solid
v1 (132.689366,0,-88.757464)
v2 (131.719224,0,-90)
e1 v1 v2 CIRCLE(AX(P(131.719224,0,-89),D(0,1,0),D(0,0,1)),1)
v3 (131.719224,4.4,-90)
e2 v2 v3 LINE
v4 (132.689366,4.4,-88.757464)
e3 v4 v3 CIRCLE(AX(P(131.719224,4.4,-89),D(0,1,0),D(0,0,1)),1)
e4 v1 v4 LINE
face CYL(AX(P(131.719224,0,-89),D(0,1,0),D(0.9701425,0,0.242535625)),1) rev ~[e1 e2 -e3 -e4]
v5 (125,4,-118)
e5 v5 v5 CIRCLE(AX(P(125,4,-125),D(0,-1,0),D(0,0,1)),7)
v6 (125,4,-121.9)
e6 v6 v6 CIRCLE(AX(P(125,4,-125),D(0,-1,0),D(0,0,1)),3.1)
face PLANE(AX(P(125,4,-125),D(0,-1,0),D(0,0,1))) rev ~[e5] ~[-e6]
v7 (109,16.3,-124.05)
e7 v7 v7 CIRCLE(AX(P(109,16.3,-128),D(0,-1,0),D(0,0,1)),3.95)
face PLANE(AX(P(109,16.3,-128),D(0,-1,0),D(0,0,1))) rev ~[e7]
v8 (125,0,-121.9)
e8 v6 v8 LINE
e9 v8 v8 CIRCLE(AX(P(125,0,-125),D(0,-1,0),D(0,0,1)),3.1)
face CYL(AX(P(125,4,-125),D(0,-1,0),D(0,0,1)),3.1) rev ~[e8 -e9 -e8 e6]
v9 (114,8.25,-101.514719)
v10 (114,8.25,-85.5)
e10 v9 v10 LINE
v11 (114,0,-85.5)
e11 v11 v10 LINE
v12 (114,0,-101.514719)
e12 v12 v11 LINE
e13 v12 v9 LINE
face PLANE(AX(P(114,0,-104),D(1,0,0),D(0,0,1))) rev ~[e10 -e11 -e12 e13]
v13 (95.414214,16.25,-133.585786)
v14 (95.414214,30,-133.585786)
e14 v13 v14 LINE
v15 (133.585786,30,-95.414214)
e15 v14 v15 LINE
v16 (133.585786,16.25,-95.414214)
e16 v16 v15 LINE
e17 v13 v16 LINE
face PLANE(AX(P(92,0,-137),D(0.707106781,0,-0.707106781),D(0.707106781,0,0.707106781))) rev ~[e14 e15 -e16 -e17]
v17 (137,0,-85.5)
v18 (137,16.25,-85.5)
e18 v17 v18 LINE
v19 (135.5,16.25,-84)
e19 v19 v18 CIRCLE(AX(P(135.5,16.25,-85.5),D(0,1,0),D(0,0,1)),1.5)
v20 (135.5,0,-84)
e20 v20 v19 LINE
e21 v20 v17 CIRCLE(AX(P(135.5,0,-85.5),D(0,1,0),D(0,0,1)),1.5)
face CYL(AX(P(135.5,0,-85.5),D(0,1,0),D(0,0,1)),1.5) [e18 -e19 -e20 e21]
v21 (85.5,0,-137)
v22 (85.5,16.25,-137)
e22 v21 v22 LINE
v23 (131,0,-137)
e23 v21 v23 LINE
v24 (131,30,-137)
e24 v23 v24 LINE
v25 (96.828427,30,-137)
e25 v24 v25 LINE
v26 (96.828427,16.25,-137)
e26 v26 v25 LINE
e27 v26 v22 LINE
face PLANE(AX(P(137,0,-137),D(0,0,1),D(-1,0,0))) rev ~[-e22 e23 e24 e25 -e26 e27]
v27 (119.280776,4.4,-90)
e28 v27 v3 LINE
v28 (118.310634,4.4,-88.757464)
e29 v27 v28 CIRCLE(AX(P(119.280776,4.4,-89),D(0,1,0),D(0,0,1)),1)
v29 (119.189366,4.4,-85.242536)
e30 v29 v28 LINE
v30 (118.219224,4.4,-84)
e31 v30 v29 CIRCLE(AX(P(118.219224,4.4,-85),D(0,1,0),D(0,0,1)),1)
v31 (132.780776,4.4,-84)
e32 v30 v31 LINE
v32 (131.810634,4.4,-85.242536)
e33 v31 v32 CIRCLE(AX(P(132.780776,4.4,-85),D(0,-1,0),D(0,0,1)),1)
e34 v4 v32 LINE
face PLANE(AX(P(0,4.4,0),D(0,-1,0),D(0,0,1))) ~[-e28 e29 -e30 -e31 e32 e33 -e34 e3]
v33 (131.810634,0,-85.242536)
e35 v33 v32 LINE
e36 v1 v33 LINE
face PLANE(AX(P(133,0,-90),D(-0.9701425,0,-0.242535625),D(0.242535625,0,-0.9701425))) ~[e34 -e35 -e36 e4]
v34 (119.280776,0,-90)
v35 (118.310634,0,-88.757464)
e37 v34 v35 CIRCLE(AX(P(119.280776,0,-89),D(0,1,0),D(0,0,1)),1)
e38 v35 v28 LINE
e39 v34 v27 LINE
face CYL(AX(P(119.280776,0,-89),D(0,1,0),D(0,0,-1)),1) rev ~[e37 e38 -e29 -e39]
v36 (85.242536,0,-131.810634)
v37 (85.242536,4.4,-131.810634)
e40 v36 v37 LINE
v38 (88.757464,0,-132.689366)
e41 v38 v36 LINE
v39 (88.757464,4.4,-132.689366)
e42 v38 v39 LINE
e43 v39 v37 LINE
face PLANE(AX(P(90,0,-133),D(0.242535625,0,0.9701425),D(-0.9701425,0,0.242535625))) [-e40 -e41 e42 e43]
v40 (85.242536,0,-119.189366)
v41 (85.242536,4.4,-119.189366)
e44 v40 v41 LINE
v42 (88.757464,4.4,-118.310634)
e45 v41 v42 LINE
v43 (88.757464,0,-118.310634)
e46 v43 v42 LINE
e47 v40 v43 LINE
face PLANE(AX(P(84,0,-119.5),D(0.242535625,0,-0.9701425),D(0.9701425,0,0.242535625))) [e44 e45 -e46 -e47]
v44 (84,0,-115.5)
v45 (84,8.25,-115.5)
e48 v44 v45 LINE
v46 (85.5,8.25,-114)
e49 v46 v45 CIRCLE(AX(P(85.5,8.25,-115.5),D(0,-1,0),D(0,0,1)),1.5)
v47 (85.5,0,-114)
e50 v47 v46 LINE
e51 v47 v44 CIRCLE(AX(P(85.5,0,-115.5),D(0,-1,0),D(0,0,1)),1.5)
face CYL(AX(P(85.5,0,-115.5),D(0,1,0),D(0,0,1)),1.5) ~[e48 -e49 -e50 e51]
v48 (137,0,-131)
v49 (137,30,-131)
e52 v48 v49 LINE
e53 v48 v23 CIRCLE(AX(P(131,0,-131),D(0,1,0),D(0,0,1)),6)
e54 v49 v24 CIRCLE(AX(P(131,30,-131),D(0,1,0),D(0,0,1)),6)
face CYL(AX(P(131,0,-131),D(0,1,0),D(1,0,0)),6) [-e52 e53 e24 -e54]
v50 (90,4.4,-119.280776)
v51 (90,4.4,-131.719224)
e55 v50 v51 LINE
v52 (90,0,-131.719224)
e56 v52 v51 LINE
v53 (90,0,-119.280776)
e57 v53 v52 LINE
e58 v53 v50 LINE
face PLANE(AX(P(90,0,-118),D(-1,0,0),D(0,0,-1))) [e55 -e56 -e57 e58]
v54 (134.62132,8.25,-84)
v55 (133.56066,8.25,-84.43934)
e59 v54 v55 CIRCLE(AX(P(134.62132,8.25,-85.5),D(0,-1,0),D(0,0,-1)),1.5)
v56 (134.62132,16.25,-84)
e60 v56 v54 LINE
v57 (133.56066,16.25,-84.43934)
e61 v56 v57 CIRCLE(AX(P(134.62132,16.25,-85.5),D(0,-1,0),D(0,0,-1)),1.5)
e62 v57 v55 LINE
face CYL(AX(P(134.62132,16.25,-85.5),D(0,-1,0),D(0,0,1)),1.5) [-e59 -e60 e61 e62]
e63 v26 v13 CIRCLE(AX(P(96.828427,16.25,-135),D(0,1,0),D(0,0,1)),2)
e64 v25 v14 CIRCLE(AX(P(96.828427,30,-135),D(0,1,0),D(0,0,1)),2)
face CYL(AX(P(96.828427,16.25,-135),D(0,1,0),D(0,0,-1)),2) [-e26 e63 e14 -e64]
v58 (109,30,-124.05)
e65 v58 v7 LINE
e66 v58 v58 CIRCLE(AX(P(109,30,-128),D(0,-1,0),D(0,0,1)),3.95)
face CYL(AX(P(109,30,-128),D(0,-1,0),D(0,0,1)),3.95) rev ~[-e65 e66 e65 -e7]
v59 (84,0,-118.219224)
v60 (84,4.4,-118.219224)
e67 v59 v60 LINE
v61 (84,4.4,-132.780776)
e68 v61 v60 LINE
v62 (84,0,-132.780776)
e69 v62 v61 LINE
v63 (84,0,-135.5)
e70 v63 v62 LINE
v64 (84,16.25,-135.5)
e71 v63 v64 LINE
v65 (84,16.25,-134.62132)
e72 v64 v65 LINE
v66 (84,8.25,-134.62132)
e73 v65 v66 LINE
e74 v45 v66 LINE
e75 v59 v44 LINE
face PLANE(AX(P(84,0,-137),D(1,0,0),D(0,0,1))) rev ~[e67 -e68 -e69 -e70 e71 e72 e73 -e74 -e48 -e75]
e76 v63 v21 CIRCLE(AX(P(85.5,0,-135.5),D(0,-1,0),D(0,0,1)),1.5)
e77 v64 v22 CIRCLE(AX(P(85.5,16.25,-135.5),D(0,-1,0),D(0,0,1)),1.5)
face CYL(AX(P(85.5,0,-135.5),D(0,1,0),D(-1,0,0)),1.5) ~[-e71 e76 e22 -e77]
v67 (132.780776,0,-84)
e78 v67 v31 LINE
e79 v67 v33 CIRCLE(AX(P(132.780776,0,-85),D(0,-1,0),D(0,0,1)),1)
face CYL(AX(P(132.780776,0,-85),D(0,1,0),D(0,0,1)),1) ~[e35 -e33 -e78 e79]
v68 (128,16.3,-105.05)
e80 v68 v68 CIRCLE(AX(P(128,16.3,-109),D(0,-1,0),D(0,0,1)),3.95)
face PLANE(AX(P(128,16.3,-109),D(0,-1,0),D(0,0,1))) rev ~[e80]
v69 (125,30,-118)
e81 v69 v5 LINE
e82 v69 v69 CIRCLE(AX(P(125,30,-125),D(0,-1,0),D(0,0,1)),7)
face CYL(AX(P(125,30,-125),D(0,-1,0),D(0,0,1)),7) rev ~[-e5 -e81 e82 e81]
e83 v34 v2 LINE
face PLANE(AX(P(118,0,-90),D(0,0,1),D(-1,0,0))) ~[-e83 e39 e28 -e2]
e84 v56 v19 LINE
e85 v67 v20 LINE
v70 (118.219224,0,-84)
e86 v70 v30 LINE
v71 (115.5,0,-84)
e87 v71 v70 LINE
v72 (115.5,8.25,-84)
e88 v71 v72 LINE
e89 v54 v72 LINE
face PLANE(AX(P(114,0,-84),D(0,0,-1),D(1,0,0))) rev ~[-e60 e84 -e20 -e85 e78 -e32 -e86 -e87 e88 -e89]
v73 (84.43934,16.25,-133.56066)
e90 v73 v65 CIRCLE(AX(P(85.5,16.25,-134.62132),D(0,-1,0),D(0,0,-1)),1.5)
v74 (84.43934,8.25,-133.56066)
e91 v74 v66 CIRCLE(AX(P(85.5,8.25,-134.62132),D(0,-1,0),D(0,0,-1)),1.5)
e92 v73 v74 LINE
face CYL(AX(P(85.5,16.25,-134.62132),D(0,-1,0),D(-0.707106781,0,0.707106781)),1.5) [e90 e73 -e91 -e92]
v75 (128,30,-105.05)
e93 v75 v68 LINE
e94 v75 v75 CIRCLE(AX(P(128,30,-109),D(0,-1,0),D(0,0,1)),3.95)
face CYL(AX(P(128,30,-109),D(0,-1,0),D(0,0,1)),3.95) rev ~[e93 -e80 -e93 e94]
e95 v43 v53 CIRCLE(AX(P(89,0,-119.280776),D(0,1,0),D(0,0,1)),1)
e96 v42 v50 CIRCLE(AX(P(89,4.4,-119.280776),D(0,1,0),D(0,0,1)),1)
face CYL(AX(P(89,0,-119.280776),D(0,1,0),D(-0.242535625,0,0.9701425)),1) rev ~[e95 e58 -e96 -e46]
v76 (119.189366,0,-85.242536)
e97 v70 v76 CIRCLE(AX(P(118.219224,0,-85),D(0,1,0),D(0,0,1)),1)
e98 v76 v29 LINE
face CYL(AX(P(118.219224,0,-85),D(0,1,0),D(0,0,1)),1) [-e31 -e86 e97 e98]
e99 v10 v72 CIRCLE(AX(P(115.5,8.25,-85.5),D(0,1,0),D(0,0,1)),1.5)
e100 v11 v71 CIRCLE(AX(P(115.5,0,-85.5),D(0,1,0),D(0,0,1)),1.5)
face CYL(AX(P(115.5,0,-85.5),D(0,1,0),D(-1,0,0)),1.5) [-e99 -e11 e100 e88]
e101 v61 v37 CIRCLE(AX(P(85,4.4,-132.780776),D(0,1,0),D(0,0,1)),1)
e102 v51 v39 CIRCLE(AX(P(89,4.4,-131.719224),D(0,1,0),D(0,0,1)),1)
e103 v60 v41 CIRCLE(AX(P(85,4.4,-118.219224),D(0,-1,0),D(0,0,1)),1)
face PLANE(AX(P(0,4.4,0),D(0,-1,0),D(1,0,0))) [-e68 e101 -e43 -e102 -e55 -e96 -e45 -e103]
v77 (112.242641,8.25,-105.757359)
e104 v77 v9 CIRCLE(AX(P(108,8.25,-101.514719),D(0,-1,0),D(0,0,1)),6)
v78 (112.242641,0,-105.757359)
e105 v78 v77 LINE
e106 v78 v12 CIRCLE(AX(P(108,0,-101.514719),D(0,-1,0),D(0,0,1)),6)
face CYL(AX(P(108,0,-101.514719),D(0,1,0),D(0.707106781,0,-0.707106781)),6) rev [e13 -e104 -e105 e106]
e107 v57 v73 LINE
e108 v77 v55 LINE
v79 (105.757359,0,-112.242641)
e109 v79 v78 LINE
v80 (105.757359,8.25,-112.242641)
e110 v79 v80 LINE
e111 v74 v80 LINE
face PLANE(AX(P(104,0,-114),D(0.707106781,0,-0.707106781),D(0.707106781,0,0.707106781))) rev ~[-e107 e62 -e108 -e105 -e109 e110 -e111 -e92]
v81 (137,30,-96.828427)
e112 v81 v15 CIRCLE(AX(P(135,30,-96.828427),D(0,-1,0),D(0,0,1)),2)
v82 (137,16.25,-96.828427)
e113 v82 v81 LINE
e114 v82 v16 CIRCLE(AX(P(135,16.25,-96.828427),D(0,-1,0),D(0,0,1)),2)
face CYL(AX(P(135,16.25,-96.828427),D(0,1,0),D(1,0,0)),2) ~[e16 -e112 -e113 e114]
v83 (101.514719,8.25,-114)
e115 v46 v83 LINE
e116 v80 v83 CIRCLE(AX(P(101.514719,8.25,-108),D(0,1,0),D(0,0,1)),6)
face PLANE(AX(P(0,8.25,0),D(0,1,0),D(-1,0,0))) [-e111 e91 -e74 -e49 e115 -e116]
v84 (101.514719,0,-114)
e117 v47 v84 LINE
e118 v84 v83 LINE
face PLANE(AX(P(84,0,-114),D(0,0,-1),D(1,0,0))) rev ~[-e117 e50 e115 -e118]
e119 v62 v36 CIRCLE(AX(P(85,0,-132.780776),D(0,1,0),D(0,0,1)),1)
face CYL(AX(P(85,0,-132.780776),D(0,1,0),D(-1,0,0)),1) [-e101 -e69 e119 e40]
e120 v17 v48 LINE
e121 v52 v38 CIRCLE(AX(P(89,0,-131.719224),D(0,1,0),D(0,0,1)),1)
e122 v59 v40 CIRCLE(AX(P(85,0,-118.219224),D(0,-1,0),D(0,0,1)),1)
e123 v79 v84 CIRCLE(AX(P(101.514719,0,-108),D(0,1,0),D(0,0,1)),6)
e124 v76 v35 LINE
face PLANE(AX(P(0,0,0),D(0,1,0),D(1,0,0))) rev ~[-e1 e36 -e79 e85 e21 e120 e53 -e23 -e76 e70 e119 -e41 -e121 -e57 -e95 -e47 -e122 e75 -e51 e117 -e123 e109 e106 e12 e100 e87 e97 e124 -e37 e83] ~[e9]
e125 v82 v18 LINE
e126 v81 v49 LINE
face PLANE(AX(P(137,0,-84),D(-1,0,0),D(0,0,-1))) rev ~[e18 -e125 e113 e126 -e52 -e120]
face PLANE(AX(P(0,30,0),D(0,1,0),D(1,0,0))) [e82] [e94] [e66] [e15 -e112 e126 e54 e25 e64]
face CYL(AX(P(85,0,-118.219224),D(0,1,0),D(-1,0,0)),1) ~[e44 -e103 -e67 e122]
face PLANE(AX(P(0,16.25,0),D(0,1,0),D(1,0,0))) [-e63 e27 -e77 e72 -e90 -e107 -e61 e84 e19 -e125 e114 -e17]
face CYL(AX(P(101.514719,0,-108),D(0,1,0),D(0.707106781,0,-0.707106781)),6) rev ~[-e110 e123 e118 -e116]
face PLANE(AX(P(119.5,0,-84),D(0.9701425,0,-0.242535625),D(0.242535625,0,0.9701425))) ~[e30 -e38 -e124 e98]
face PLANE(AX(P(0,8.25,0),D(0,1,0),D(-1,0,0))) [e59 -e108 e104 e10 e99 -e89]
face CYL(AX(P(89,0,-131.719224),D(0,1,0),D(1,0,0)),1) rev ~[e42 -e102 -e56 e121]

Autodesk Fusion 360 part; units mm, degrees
sketch "Sketch1" plane through (0, 0, 0) normal (0, 1, 0) x (1, 0, 0)
  line L0 (125, 125) -> (-125, 125) construction
  line L1 (-125, 125) -> (-125, -125) construction
  line L2 (-125, -125) -> (125, -125) construction
  line L3 (125, -125) -> (125, 125) construction
  line L4 (125, 125) -> (-125, -125) construction
  line L5 (-125, 125) -> (125, -125) construction
  line L6 (75, 112.1152) -> (-75, 112.1152) construction
  line L7 (-75, 112.1152) -> (-75, 91.9152) construction
  line L8 (-75, 91.9152) -> (75, 91.9152) construction
  line L9 (75, 91.9152) -> (75, 112.1152) construction
  line L10 (75, 112.1152) -> (-75, 91.9152) construction
  line L11 (-75, 112.1152) -> (75, 91.9152) construction
  line L12 (137, 137) -> (92, 137)
  line L13 (92, 137) -> (137, 92)
  line L14 (137, 92) -> (137, 137)
  line L15 (125, 125) -> (137, 137) construction
  line L16 (128, 128) -> (109, 128) construction
  line L17 (109, 128) -> (128, 109) construction
  line L18 (128, 109) -> (128, 128) construction
  line L19 (92, 137) -> (84, 137)
  line L20 (84, 137) -> (84, 114)
  line L21 (84, 114) -> (104, 114)
  line L22 (104, 114) -> (114, 104)
  line L23 (114, 104) -> (114, 84)
  line L24 (114, 84) -> (137, 84)
  line L25 (137, 84) -> (137, 92)
  line L26 (84, 138) -> (-84, 138)
  line L27 (-84, 138) -> (-84, 113)
  line L28 (-84, 113) -> (84, 113)
  line L29 (84, 113) -> (84, 138)
  line L30 (84, 138) -> (-84, 113) construction
  line L31 (-84, 138) -> (84, 113) construction
  point P0 (0, 102.0152)
  point P1 (0, 125.5)
  dimension "d4" = 250
  dimension "d5" = 250
  dimension "d6" = 150
  dimension "d7" = 20.2
  dimension "d8" = 12
  dimension "d9" = 12
  dimension "d10" = 45
  dimension "d11" = 16
  dimension "d12" = 3
  dimension "d13" = 8
  dimension "d14" = 23
  dimension "d15" = 20
  dimension "d16" = 25
  dimension "d17" = 1
ref_plane "WorkPlane1" through (0, 8, 0) normal (0, 1, 0) x (0, 0, 1)
extrude "Extrude2" add sketch "Sketch1" along normal blind 16.25 contours L13 L19 L20 L21 L22 L23 L24 L25 L29
extrude "Extrude3" add sketch "Sketch1" along normal blind 30 contours L12 L13 L14
sketch "Sketch2" plane through (0, 30, 0) normal (0, 1, 0) x (-1, 0, 0)
  line L0 (-137, -92) -> (-137, -137)
  line L1 (-137, -137) -> (-92, -137)
  line L2 (-92, -137) -> (-137, -92)
  point P0 (-109, -128)
  point P1 (-128, -109)
sketch "Sketch4" plane through (0, 30, 0) normal (0, 1, 0) x (-1, 0, 0)
  line L0 (-137, -92) -> (-137, -137)
  line L1 (-137, -137) -> (-92, -137)
  line L2 (-92, -137) -> (-137, -92)
  point P0 (-128, -128)
  point P1 (-125, -125)
hole "Hole2" at (125, 30, -125) direction (0, -1, 0) diameter 6.2 end through all counterbore diameter 14 counterbore depth 26
sketch "Sketch5" plane through (0, 30, 0) normal (0, 1, 0) x (-1, 0, 0)
  line L0 (-137, -92) -> (-137, -137)
  line L1 (-137, -137) -> (-92, -137)
  line L2 (-92, -137) -> (-137, -92)
  circle A0 centre (-125, -125) radius 7
  point P0 (-109, -128)
  point P1 (-128, -109)
hole "Hole3" at (109, 30, -128) at (128, 30, -109) direction (0, -1, 0) diameter 7.9 depth 13.7 tip angle 180
sketch "Sketch9" plane through (0, 0, 0) normal (0, -1, 0) x (1, 0, 0)
  line L0 (84, -137) -> (137, -137)
  line L1 (137, -137) -> (137, -84)
  line L2 (137, -84) -> (114, -84)
  line L3 (114, -84) -> (114, -104)
  line L4 (114, -104) -> (104, -114)
  line L5 (104, -114) -> (84, -114)
  line L6 (84, -114) -> (84, -137)
  line L7 (84, -119.5) -> (90, -118)
  line L8 (90, -118) -> (90, -133)
  line L9 (90, -133) -> (84, -131.5)
  line L10 (90, -125.5) -> (84, -125.5) construction
  line L11 (84, -119.5) -> (90, -133) construction
  line L12 (84, -131.5) -> (90, -118) construction
  circle A0 centre (125, -125) radius 3.1
  dimension "d51" = 12
  dimension "d52" = 15
  dimension "d53" = 6
extrude "Extrude7" cut sketch "Sketch9" against normal blind 4.4 contours L6 L7 L8 L9
fillet "Fillet1" radius 1 2 edges at (84, 2.2, -119.5) (84, 2.2, -131.5)
fillet "Fillet1" radius 1 2 edges at (90, 2.2, -118) (90, 2.2, -133)
ref_plane "WorkPlane2" through (137, 15, -137) normal (0.7071, 0, 0.7071) x (0, 1, 0)
mirror "Mirror2" about plane through (137, 15, -137) normal (0.7071, 0, 0.7071) of "Extrude7", "Fillet1"
sketch "Sketch10" plane through (0, 16.25, 0) normal (0, 1, 0) x (-1, 0, 0)
  line L0 (-92, -137) -> (-84, -137)
  line L1 (-84, -137) -> (-84, -114)
  line L2 (-84, -114) -> (-104, -114)
  line L3 (-104, -114) -> (-114, -104)
  line L4 (-114, -104) -> (-114, -84)
  line L5 (-114, -84) -> (-137, -84)
  line L6 (-137, -84) -> (-137, -92)
  line L7 (-137, -92) -> (-92, -137)
  line L8 (-84, -134) -> (-134, -84)
extrude "Extrude8" cut sketch "Sketch10" against normal blind 8 contours L1 L2 L8 | L4 L5 L8
fillet "Fillet2" radius 6 1 edges at (137, 15, -137)
fillet "Fillet3" radius 2 2 edges at (92, 23.125, -137) (137, 23.125, -92)
fillet "Fillet4" radius 6 2 edges at (104, 4.125, -114) (114, 4.125, -104)
fillet "Fillet5" radius 1.5 6 edges at (84, 8.125, -137) (84, 12.25, -134) (84, 4.125, -114) (114, 4.125, -84) (134, 12.25, -84) (137, 8.125, -84)
